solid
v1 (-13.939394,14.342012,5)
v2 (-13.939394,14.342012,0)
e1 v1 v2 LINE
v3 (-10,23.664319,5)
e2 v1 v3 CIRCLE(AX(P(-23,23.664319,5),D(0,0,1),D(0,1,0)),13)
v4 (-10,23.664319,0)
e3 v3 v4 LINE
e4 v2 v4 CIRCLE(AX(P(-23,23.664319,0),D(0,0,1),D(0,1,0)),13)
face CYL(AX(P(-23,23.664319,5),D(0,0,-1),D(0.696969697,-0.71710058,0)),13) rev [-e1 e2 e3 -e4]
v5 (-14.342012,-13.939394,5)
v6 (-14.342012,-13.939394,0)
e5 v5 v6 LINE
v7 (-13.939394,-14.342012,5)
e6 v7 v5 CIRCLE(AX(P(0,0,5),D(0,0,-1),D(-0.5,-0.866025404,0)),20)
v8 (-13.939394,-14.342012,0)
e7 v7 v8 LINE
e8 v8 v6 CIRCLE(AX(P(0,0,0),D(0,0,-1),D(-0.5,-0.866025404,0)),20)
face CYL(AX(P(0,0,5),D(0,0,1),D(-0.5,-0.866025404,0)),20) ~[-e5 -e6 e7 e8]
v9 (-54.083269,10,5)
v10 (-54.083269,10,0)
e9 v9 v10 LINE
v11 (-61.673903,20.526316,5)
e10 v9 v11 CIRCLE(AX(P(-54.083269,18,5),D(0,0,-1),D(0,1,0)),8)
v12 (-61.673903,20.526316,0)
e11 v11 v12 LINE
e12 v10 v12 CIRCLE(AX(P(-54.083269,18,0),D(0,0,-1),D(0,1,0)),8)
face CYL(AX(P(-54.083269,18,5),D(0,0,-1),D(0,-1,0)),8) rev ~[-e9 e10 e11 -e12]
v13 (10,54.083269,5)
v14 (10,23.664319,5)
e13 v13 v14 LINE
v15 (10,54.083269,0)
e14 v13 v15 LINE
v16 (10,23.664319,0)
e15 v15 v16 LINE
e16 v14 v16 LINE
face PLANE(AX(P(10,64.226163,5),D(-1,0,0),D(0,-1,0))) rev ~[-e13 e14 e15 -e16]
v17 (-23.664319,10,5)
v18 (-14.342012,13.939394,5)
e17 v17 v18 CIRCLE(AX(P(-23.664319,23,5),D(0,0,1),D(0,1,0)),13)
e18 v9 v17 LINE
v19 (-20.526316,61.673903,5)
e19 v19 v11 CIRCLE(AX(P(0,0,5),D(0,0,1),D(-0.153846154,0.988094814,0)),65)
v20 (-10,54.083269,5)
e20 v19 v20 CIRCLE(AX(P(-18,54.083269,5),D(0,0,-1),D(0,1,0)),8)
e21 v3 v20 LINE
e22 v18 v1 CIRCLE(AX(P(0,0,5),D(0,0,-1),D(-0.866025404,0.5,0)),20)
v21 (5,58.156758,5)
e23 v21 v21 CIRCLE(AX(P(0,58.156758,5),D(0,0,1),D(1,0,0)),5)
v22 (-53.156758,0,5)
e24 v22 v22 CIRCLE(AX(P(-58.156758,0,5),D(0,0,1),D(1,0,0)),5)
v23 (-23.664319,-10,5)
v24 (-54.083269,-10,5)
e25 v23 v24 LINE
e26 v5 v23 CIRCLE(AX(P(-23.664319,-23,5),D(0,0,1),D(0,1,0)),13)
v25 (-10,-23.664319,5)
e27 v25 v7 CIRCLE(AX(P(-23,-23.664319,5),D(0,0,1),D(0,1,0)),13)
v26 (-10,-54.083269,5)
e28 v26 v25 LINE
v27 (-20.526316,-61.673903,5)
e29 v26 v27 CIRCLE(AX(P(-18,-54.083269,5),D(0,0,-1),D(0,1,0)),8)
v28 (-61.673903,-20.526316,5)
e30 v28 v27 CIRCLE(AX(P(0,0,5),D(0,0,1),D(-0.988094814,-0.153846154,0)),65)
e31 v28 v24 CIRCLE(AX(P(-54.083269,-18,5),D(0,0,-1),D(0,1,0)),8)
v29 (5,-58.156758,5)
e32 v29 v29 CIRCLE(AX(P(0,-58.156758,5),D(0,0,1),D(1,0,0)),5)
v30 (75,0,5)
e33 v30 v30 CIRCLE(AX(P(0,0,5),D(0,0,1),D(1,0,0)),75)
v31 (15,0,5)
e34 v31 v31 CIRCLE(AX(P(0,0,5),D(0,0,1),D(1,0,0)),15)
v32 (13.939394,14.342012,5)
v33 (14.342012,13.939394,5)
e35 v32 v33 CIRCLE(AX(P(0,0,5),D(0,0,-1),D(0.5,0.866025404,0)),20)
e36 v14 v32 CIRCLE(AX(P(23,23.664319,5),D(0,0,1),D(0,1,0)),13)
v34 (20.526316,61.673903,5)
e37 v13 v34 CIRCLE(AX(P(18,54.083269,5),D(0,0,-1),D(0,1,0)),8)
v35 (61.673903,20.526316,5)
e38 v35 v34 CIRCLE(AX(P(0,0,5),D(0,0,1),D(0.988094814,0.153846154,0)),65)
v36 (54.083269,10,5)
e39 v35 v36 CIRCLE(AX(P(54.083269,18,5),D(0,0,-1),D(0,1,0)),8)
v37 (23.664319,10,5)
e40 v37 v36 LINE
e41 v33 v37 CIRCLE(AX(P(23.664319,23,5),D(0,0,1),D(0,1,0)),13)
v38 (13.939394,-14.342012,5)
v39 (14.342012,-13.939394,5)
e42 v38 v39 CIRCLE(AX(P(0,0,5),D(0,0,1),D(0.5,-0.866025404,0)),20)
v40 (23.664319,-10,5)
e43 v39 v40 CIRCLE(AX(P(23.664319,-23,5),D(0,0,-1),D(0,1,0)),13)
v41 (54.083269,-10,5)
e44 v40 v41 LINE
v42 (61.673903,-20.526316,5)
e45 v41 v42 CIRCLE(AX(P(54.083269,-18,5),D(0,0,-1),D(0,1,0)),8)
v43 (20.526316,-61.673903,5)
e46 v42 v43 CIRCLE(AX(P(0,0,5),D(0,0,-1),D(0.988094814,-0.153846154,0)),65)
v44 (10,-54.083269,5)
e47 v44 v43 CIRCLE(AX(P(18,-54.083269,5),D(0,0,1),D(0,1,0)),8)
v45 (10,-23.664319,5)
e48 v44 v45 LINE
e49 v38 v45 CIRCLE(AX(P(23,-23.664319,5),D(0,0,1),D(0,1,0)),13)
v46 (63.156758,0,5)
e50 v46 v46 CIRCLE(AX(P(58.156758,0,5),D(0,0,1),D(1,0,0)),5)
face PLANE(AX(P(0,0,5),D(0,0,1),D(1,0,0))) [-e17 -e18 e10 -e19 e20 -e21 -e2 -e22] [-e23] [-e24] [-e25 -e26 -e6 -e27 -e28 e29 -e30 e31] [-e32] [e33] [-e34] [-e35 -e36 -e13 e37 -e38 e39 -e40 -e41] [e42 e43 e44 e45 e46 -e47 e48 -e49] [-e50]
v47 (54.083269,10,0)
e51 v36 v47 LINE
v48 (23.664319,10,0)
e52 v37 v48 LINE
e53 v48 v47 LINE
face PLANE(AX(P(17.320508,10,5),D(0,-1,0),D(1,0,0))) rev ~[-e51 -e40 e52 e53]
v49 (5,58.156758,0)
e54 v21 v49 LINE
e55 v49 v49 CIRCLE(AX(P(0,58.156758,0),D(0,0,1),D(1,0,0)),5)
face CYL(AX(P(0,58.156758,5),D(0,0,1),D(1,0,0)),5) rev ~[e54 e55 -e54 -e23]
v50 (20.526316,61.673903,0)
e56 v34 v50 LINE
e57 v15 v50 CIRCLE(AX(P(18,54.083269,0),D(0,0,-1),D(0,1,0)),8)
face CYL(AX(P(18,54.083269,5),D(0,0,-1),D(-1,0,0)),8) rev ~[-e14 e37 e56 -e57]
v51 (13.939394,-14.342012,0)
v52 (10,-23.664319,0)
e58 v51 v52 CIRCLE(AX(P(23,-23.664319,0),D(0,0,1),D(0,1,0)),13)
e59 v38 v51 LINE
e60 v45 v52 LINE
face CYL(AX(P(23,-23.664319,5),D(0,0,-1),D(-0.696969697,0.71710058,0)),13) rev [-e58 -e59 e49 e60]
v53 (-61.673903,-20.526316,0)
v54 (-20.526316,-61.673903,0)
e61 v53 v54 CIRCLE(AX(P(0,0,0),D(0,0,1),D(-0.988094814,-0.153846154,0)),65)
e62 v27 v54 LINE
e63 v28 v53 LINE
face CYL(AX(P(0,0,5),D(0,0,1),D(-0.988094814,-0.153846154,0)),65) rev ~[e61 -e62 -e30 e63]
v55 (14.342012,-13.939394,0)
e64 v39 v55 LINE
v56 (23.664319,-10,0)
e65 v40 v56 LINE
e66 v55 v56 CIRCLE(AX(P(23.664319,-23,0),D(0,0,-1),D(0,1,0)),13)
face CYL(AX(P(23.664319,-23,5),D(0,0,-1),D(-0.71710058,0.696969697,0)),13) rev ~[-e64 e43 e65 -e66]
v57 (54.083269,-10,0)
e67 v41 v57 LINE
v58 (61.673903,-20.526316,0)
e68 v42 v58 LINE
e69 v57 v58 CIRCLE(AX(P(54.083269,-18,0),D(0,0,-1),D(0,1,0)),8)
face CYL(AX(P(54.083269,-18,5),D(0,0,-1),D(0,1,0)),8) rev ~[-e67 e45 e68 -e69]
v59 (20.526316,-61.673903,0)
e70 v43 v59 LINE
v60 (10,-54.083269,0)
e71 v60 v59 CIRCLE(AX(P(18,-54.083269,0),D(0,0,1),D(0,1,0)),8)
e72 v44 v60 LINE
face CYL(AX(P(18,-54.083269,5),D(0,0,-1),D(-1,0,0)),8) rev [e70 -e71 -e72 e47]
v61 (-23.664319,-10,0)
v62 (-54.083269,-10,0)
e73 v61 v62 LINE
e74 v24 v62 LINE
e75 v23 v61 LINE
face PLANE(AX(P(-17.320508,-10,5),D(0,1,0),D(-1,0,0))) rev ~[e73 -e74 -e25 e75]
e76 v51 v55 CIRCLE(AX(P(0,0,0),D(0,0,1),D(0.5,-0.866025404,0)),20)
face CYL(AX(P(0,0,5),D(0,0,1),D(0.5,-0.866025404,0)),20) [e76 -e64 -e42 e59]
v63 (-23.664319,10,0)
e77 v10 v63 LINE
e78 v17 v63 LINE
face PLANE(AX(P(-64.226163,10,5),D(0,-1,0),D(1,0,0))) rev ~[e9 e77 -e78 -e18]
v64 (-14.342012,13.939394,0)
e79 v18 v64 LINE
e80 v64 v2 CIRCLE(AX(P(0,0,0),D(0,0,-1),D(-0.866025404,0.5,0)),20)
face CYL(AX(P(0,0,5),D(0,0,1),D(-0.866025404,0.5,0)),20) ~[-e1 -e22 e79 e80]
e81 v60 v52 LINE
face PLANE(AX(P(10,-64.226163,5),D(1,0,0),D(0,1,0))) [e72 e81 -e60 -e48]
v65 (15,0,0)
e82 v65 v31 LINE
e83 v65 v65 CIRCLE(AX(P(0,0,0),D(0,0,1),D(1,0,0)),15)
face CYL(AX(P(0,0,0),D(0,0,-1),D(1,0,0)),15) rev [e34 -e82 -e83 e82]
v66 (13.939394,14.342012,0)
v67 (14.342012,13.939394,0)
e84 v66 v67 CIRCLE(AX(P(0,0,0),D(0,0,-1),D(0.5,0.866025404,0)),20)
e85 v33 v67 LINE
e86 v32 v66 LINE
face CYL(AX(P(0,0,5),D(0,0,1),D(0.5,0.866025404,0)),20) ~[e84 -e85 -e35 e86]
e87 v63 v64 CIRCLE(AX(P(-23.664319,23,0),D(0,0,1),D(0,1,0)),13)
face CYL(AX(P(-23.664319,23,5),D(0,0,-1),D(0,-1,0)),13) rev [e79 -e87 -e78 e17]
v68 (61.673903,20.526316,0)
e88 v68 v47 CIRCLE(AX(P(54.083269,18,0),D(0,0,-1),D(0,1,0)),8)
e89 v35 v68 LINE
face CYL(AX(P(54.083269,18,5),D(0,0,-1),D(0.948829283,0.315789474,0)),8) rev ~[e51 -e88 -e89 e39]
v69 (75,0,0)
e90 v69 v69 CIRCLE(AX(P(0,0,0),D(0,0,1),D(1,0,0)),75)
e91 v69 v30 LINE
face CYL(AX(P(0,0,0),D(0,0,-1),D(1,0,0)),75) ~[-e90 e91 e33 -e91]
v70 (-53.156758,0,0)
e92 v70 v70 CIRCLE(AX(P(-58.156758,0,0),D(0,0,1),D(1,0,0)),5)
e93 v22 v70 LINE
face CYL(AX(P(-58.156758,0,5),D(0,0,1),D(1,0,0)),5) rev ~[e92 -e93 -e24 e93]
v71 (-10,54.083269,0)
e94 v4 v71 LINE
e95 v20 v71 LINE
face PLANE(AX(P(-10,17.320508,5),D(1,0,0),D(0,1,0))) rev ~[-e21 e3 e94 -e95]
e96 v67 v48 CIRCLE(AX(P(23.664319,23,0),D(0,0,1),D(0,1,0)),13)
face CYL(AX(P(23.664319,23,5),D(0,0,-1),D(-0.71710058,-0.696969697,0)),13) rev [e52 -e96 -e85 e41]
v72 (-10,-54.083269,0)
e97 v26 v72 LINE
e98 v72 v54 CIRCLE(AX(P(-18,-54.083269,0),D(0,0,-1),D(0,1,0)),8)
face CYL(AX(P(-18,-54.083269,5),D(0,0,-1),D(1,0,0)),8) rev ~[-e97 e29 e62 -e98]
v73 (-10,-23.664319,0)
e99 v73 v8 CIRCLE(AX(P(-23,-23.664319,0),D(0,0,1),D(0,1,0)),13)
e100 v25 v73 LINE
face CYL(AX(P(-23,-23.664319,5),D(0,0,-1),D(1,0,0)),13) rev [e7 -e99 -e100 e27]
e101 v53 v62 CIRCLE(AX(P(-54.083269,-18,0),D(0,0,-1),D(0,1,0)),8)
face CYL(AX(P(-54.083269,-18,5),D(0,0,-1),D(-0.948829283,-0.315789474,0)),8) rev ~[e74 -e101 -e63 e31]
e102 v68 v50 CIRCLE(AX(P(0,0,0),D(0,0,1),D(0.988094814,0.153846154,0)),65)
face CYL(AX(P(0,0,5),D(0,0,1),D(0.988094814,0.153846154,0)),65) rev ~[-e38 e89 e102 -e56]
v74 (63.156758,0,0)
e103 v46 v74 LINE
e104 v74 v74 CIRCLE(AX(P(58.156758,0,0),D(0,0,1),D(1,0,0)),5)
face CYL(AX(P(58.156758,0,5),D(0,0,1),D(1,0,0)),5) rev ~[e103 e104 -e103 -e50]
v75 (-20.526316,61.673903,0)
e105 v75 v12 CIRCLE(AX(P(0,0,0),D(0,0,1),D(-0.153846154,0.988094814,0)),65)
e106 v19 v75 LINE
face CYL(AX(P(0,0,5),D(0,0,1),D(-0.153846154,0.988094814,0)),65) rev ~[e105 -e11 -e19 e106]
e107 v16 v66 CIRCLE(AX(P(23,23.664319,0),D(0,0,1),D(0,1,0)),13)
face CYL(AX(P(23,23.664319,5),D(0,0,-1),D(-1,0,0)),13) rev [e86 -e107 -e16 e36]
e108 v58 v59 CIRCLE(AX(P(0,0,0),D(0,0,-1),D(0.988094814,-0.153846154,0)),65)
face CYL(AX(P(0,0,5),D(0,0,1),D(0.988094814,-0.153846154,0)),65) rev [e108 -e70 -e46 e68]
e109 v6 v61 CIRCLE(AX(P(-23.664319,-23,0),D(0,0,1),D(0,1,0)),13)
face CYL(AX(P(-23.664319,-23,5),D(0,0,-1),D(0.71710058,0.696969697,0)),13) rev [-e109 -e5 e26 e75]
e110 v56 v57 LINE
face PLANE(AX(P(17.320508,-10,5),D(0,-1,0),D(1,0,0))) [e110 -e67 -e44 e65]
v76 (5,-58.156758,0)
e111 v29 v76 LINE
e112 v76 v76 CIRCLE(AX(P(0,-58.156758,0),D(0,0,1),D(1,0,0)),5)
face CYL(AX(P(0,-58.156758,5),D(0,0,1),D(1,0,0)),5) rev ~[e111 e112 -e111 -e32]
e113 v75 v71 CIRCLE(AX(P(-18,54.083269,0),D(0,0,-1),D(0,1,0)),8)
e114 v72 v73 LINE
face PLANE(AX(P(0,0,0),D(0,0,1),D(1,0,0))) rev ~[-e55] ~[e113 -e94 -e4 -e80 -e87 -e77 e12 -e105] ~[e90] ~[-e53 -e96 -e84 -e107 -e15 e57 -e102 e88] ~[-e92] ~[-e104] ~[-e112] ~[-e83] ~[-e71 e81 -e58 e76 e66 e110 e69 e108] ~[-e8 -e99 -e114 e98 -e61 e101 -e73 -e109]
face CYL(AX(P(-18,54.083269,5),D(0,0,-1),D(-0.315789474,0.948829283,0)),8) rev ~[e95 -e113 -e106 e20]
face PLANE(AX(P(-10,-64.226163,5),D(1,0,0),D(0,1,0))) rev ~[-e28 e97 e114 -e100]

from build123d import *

# Parameters (mm, degrees)
SKETCH1_R           = 75
SKETCH1_R_2         = 15
BOSS_EXTRUDE1_DEPTH = 5
SKETCH2_R           = 5
CUT_EXTRUDE1_DEPTH  = 5
CUT_EXTRUDE2_DEPTH  = 5
FILLET1_R           = 13
FILLET2_R           = 8


with BuildPart() as part:
    # Sketch1 → Boss-Extrude1 (new body)
    with BuildSketch(Plane.XY):
        Circle(SKETCH1_R)
        Circle(SKETCH1_R_2, mode=Mode.SUBTRACT)
    extrude(amount=BOSS_EXTRUDE1_DEPTH)

    # Sketch2 → Cut-Extrude1 (cut)
    with BuildSketch(Plane.XY.offset(5)):
        with BuildLine():
            Line((-10, -64.226162893), (-10, -17.320508076))
            ThreePointArc((-10, -17.320508076), (-14.142135624, -14.142135624), (-17.320508076, -10))
            Line((-17.320508076, -10), (-64.226162893, -10))
            ThreePointArc((-64.226162893, -10), (-45.961940777, -45.961940777), (-10, -64.226162893))
        make_face()
        with BuildLine():
            ThreePointArc((10, 17.320508076), (14.142135624, 14.142135624), (17.320508076, 10))
            Line((17.320508076, 10), (64.226162893, 10))
            ThreePointArc((64.226162893, 10), (45.961940777, 45.961940777), (10, 64.226162893))
            Line((10, 64.226162893), (10, 17.320508076))
        make_face()
        with BuildLine():
            Line((-64.226162893, 10), (-17.320508076, 10))
            ThreePointArc((-17.320508076, 10), (-14.142135624, 14.142135624), (-10, 17.320508076))
            Line((-10, 17.320508076), (-10, 64.226162893))
            ThreePointArc((-10, 64.226162893), (-45.961940777, 45.961940777), (-64.226162893, 10))
        make_face()
        with Locations((58.156758338, 0)):
            Circle(SKETCH2_R)
        with Locations((0, -58.156758338)):
            Circle(SKETCH2_R)
        with Locations((-58.156758338, 0)):
            Circle(SKETCH2_R)
        with Locations((0, 58.156758338)):
            Circle(SKETCH2_R)
    extrude(amount=-CUT_EXTRUDE1_DEPTH, mode=Mode.SUBTRACT)

    # Sketch2<3> → Cut-Extrude2 (cut)
    with BuildSketch(Plane.XY.offset(5)):
        with BuildLine():
            ThreePointArc((17.320508076, -10), (14.142135624, -14.142135624), (10, -17.320508076))
            Line((10, -17.320508076), (10, -64.226162893))
            ThreePointArc((10, -64.226162893), (45.961940777, -45.961940777), (64.226162893, -10))
            Line((64.226162893, -10), (17.320508076, -10))
        make_face()
    extrude(amount=-CUT_EXTRUDE2_DEPTH, mode=Mode.SUBTRACT)

    # Fillet1
    fillet1_edges = [part.edges().sort_by_distance(p)[0] for p in [
        (10, -17.320508076, 2.5),
        (17.320508076, -10, 2.5),
        (17.320508076, 10, 2.5),
        (10, 17.320508076, 2.5),
        (-10, 17.320508076, 2.5),
        (-17.320508076, 10, 2.5),
        (-10, -17.320508076, 2.5),
        (-17.320508076, -10, 2.5),
    ]]
    fillet(fillet1_edges, radius=FILLET1_R)

    # Fillet2
    fillet2_edges = [part.edges().sort_by_distance(p)[0] for p in [
        (-64.226162893, -10, 2.5),
        (-10, -64.226162893, 2.5),
        (-64.226162893, 10, 2.5),
        (10, -64.226162893, 2.5),
        (64.226162893, -10, 2.5),
        (-10, 64.226162893, 2.5),
        (10, 64.226162893, 2.5),
        (64.226162893, 10, 2.5),
    ]]
    fillet(fillet2_edges, radius=FILLET2_R)


solid = part.part
